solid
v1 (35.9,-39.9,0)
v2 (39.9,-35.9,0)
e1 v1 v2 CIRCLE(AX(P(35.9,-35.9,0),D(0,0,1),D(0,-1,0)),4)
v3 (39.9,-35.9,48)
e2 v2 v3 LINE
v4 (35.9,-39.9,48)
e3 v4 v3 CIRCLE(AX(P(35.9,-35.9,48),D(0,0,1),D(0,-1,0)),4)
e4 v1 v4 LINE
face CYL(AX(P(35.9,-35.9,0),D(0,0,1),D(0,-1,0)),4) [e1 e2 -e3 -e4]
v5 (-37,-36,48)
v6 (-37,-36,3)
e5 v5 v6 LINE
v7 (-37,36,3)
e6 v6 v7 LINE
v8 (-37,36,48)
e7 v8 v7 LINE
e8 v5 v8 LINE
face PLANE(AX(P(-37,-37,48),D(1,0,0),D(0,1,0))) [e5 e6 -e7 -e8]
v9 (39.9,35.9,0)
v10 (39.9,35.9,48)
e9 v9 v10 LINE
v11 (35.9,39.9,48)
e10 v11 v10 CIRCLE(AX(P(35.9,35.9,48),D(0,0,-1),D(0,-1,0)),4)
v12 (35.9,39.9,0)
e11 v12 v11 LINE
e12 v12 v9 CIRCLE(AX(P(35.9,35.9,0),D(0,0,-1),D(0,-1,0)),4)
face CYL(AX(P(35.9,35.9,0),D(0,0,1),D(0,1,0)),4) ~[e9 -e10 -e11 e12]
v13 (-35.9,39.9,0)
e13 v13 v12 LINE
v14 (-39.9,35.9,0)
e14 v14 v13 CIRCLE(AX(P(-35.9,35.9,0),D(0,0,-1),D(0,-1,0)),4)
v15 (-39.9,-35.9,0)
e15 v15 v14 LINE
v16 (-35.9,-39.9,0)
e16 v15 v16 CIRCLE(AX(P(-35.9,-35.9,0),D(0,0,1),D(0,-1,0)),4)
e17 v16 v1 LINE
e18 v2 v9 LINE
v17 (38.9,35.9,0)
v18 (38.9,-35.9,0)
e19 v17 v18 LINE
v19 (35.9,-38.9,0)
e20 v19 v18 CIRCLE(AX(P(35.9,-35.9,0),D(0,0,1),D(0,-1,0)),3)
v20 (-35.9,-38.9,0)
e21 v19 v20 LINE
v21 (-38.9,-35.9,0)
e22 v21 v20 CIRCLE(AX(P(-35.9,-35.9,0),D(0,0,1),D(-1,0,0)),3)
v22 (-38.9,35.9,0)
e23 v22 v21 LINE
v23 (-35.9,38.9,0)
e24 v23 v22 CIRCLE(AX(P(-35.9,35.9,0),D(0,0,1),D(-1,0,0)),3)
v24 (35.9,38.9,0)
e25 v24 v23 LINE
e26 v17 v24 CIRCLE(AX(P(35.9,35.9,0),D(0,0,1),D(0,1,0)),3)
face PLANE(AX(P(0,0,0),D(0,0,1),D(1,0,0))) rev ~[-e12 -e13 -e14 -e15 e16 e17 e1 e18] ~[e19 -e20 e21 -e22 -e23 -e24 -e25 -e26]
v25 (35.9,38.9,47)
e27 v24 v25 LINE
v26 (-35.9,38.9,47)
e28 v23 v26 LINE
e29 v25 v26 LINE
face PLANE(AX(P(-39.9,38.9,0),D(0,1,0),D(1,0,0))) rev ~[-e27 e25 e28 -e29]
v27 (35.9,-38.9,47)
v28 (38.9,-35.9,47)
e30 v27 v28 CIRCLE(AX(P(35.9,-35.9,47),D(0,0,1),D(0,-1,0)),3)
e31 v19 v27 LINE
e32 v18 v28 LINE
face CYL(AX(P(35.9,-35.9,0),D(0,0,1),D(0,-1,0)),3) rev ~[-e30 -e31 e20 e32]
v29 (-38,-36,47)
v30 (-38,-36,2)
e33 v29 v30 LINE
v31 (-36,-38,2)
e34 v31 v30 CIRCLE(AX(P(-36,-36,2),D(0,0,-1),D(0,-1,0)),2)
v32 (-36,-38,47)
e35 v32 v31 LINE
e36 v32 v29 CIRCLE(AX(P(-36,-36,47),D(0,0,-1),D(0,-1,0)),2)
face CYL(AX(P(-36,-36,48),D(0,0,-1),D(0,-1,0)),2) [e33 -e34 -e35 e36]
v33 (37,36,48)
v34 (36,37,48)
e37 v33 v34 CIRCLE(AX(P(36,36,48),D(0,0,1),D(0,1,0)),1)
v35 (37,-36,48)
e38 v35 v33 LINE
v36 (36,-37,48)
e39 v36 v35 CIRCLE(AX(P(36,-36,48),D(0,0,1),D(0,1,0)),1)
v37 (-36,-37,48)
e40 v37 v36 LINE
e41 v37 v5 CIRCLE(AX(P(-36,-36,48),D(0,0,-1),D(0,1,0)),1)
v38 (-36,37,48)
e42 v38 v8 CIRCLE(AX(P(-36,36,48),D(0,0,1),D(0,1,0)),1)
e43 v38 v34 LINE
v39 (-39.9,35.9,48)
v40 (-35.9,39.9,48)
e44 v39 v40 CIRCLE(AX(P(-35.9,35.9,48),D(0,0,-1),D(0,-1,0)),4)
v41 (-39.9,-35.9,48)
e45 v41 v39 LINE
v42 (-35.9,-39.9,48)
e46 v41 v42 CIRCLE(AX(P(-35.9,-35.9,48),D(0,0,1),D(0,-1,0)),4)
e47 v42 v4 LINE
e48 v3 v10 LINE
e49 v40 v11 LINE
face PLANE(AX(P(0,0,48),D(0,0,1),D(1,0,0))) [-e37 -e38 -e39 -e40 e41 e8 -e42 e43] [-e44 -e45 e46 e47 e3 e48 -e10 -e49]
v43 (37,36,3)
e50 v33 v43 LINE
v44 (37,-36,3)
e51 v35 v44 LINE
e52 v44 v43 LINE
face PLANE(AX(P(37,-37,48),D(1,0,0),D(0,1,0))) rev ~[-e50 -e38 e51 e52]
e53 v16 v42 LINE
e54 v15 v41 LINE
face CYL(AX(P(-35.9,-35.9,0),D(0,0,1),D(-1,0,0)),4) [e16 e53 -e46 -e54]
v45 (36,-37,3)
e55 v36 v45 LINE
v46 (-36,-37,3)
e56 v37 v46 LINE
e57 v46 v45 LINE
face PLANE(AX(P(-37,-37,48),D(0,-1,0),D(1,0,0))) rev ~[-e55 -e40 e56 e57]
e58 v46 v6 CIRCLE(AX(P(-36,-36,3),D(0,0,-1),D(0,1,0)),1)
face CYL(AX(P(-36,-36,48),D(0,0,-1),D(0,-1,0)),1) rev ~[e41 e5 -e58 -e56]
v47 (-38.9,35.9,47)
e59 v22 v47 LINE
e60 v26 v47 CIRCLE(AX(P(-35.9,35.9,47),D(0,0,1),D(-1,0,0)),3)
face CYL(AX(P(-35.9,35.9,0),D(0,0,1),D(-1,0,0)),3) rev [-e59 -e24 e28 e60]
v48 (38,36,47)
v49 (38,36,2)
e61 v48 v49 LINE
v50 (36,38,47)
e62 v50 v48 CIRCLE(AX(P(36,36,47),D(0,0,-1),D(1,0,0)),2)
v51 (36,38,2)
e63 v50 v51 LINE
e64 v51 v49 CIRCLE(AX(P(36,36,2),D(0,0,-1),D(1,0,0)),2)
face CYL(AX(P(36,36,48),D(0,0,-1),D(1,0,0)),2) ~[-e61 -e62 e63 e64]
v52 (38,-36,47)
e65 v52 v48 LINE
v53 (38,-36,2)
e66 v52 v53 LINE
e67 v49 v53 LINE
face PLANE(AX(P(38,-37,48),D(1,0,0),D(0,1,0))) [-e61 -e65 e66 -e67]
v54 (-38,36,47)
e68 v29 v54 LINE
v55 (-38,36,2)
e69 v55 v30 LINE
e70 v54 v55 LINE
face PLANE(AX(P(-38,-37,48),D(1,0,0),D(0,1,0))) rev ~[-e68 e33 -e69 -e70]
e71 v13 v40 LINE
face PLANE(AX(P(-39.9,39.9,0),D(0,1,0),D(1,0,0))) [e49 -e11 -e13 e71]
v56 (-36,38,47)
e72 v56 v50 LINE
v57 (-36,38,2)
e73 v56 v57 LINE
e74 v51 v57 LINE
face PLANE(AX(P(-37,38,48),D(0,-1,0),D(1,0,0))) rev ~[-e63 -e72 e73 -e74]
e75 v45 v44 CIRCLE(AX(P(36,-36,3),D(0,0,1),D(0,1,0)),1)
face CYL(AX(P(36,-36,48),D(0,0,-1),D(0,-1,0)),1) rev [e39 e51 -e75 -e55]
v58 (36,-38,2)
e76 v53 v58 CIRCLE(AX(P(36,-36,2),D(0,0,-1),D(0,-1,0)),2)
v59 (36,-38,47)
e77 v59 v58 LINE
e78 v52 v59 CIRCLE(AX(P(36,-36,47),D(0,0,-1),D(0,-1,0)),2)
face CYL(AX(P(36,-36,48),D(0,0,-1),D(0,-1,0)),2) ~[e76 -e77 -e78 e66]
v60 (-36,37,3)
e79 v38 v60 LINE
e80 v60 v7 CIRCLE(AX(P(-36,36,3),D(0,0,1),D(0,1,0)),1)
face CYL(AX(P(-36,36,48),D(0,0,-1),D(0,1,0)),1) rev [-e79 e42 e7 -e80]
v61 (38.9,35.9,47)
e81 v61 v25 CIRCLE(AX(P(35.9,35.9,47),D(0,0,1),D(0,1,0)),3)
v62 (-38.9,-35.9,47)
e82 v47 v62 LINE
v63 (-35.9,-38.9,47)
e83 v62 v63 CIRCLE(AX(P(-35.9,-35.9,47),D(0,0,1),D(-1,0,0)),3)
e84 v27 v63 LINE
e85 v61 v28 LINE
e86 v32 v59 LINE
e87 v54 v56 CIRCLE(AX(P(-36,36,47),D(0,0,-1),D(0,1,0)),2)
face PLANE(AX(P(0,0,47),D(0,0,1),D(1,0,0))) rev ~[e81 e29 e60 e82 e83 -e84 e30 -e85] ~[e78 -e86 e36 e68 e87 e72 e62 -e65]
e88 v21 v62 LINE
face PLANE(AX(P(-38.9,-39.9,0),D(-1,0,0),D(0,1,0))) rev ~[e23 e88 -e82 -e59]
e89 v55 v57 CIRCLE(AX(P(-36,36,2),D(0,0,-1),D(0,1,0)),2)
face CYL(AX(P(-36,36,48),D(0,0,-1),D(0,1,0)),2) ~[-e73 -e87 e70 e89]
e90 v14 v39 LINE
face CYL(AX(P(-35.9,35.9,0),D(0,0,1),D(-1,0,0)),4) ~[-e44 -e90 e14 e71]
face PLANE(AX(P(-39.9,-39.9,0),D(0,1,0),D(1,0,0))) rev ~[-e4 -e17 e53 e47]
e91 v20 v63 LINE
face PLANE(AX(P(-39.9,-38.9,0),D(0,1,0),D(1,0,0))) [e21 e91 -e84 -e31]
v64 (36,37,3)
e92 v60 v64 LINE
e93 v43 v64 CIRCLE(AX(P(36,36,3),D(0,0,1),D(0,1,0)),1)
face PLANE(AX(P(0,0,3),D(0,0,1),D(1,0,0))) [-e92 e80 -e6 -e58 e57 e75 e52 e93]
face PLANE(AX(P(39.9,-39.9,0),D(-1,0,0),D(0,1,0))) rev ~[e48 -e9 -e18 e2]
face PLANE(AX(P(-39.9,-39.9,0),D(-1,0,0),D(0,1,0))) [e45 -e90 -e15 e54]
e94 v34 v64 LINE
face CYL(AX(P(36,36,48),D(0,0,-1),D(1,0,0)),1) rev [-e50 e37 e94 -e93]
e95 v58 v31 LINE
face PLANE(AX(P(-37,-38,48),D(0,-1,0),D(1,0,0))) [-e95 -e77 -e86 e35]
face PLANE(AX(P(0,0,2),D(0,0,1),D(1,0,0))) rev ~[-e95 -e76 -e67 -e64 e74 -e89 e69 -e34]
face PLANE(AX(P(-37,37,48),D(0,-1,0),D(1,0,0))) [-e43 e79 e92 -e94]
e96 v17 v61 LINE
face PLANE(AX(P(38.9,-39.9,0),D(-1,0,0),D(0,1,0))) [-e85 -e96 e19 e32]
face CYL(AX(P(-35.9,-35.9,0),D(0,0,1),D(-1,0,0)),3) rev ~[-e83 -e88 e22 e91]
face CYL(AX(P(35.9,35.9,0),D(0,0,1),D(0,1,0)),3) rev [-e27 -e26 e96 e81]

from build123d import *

# Parameters (mm, degrees)
F0_W     = 79.8
F0_H     = 79.8
F1_DEPTH = 48
F2_W     = 74
F2_H     = 74
F3_DEPTH = 45
F4_R     = 4
F5_R     = 1
F6_T     = -1


with BuildPart() as f1:
    # F0 (on Top) → F1 (new body)
    with BuildSketch(Plane.XY):
        Rectangle(F0_W, F0_H)
    extrude(amount=F1_DEPTH)

    # F2 (on face) → F3 (cut)
    with BuildSketch(Plane.XY.offset(48)):
        Rectangle(F2_W, F2_H)
    extrude(amount=-F3_DEPTH, mode=Mode.SUBTRACT)

    # F4
    f4_edges = [f1.edges().sort_by_distance(p)[0] for p in [
        (-39.9, -39.9, 24),
        (39.9, -39.9, 24),
        (39.9, 39.9, 24),
        (-39.9, 39.9, 24),
    ]]
    fillet(f4_edges, radius=F4_R)

    # F5
    f5_edges = [f1.edges().sort_by_distance(p)[0] for p in [
        (-37, -37, 25.5),
        (-37, 37, 25.5),
        (37, 37, 25.5),
        (37, -37, 25.5),
    ]]
    fillet(f5_edges, radius=F5_R)

    # F6
    f6_openings = [f1.faces().sort_by_distance(p)[0] for p in [
        (0, 0, 0),
    ]]
    offset(amount=F6_T, openings=f6_openings, kind=Kind.INTERSECTION)


solid = f1.part
